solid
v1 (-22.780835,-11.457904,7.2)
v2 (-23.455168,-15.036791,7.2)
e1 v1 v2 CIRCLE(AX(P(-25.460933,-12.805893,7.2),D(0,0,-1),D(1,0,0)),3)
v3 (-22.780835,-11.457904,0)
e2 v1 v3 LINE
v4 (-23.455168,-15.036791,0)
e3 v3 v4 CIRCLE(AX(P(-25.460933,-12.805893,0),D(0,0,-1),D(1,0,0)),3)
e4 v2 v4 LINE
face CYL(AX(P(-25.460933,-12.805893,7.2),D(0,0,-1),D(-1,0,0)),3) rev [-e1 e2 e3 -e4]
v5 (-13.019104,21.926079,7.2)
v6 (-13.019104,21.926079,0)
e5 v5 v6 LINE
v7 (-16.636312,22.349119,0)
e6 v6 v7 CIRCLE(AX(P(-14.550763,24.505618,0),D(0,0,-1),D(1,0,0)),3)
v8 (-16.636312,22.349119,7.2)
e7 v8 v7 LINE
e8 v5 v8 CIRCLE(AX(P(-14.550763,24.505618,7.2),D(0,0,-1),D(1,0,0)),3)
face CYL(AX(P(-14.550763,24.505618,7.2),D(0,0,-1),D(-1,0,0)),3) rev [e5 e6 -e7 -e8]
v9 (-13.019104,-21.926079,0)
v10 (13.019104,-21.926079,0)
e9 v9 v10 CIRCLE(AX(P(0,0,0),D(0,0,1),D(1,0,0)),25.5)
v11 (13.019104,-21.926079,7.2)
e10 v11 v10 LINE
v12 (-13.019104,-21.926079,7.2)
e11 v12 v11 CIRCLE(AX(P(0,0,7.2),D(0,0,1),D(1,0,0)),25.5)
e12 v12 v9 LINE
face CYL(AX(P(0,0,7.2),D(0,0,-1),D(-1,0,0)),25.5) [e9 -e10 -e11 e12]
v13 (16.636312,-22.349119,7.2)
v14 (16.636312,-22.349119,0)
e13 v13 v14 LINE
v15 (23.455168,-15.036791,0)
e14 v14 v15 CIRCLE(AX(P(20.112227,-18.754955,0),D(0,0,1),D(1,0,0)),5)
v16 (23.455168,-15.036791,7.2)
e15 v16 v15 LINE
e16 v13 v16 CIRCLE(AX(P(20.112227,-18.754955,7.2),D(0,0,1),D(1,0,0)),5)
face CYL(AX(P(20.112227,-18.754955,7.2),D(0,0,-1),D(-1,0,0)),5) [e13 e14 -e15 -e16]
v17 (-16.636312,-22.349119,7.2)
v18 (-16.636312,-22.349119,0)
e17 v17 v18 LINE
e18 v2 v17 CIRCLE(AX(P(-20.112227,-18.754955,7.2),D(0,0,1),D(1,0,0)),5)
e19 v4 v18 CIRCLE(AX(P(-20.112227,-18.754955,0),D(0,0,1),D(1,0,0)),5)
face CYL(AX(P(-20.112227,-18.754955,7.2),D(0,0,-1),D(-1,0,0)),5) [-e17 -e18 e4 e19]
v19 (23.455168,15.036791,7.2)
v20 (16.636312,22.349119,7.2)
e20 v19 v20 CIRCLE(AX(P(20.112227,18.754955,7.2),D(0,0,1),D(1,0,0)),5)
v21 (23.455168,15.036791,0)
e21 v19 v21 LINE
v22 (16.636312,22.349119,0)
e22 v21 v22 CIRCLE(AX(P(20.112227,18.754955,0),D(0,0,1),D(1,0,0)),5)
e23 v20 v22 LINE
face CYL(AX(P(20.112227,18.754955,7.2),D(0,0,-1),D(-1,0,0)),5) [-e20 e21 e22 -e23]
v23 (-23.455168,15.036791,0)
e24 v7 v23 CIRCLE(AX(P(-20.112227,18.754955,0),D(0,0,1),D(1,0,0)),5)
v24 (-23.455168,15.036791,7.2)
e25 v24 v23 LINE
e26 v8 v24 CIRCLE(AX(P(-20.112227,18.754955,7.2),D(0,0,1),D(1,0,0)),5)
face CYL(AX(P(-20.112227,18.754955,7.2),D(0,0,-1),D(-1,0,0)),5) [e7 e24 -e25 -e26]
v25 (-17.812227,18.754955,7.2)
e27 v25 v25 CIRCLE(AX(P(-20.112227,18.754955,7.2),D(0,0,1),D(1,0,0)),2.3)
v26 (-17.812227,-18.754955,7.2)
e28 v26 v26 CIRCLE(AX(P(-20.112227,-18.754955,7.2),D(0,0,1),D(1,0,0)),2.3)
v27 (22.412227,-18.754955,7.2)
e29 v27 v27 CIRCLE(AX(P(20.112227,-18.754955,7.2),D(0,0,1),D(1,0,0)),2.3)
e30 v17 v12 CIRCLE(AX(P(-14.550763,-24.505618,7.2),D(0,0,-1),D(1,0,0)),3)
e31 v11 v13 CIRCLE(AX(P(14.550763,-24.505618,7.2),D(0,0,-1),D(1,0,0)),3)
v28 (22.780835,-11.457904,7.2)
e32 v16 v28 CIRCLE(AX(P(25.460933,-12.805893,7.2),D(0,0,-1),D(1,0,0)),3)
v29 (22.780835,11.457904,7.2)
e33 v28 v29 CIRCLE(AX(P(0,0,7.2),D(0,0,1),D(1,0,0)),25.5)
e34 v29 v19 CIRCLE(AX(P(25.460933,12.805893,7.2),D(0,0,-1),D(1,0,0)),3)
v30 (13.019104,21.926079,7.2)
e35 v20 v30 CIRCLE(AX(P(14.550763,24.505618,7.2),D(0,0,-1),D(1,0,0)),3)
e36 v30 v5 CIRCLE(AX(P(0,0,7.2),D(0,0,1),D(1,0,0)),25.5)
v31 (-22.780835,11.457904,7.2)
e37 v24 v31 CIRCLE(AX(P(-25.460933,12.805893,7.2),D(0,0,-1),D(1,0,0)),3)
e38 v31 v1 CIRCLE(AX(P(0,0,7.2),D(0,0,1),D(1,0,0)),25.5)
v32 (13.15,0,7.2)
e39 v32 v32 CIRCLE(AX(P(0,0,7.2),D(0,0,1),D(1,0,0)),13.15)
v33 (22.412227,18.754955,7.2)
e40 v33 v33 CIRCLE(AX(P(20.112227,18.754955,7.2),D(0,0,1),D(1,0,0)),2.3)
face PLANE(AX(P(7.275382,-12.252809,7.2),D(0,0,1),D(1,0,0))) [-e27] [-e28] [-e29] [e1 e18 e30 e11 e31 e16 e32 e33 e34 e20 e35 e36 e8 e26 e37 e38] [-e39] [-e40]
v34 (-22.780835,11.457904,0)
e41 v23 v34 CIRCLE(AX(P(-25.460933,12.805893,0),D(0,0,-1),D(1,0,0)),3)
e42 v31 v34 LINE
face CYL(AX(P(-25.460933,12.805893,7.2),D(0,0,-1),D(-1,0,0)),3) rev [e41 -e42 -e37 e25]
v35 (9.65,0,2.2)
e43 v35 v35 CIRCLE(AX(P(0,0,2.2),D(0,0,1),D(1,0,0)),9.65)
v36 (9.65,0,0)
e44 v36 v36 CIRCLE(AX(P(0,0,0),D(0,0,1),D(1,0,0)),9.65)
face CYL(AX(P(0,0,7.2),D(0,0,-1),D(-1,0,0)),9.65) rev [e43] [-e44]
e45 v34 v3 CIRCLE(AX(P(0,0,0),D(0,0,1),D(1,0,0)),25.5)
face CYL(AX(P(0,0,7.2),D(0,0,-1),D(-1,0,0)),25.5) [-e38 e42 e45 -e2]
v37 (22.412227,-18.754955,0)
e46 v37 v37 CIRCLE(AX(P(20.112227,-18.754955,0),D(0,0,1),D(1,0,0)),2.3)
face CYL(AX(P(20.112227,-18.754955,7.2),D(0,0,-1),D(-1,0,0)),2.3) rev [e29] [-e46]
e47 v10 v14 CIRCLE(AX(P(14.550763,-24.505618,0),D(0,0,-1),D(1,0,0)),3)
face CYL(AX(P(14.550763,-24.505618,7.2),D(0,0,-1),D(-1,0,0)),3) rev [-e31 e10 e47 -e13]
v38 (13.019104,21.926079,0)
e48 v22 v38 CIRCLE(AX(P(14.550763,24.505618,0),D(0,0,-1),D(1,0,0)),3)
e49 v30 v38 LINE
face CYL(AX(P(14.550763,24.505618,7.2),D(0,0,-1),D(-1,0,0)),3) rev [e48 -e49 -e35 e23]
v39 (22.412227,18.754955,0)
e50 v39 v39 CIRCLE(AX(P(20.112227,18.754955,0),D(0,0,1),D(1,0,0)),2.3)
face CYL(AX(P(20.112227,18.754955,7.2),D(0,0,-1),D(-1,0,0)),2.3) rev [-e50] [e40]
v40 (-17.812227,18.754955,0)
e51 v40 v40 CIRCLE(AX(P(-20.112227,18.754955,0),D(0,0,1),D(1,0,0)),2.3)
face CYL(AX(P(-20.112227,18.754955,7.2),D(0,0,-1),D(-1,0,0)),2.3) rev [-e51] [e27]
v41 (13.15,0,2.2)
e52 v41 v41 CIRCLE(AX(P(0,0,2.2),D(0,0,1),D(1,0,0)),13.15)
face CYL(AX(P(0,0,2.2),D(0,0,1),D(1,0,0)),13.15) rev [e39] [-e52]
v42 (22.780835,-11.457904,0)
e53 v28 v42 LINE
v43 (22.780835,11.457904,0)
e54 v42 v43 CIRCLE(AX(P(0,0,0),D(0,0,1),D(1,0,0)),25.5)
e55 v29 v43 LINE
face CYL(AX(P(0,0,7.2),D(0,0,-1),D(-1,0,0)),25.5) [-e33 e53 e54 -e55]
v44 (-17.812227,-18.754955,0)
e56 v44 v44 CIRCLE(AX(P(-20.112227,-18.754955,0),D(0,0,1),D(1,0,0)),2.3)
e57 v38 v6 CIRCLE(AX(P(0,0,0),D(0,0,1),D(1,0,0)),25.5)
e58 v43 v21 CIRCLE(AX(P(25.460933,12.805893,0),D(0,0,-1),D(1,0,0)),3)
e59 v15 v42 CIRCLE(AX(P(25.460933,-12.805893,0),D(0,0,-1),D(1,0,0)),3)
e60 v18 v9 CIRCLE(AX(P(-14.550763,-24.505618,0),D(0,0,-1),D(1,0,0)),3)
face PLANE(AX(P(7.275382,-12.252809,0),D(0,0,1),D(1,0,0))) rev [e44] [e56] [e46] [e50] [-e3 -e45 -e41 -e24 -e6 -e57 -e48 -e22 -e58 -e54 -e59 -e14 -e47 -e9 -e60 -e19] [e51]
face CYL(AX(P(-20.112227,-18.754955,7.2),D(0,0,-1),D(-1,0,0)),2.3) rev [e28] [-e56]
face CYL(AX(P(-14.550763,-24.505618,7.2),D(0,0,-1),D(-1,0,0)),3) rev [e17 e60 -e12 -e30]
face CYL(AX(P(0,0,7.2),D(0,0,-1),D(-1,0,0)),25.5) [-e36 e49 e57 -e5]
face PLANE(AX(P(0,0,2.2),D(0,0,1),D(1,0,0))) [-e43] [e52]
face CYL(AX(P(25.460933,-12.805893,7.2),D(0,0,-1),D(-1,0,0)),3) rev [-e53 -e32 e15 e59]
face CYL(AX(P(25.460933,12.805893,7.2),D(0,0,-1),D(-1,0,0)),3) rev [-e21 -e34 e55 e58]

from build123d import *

# Parameters (mm, degrees)
SKETCH_1_R          = 9.65
SKETCH_1_R_2        = 2.3
EXTRUDE_1_DEPTH     = 7.2
SKETCH_3_R          = 13.15
CUT_EXTRUDE_2_DEPTH = 5


with BuildPart() as part:
    # Эскиз1 → Бобышка-Вытянуть1 (new body)
    with BuildSketch(Plane.XY):
        with BuildLine():
            ThreePointArc((16.636311976, -22.349119084), (23.768995303, -22.164946702), (23.455168213, -15.036791017))
            ThreePointArc((23.455168213, -15.036791017), (22.512808868, -13.361377812), (22.780834847, -11.457903983))
            ThreePointArc((22.780834847, -11.457903983), (25.5, 0), (22.780834847, 11.457903983))
            ThreePointArc((22.780834847, 11.457903983), (22.512808868, 13.361377812), (23.455168213, 15.036791017))
            ThreePointArc((23.455168213, 15.036791017), (23.768995303, 22.164946702), (16.636311976, 22.349119084))
            ThreePointArc((16.636311976, 22.349119084), (14.899244328, 21.525926197), (13.019103812, 21.9260789))
            ThreePointArc((13.019103812, 21.9260789), (0, 25.5), (-13.019103812, 21.9260789))
            ThreePointArc((-13.019103812, 21.9260789), (-14.899244328, 21.525926197), (-16.636311976, 22.349119084))
            ThreePointArc((-16.636311976, 22.349119084), (-23.768995303, 22.164946702), (-23.455168213, 15.036791017))
            ThreePointArc((-23.455168213, 15.036791017), (-22.512808868, 13.361377812), (-22.780834847, 11.457903983))
            ThreePointArc((-22.780834847, 11.457903983), (-25.5, 0), (-22.780834847, -11.457903983))
            ThreePointArc((-22.780834847, -11.457903983), (-22.512808868, -13.361377812), (-23.455168213, -15.036791017))
            ThreePointArc((-23.455168213, -15.036791017), (-23.768995303, -22.164946702), (-16.636311976, -22.349119084))
            ThreePointArc((-16.636311976, -22.349119084), (-14.899244328, -21.525926197), (-13.019103812, -21.9260789))
            ThreePointArc((-13.019103812, -21.9260789), (0, -25.5), (13.019103812, -21.9260789))
            ThreePointArc((13.019103812, -21.9260789), (14.899244328, -21.525926197), (16.636311976, -22.349119084))
        make_face()
        Circle(SKETCH_1_R, mode=Mode.SUBTRACT)
        with Locations((-20.112226795, -18.754954902)):
            Circle(SKETCH_1_R_2, mode=Mode.SUBTRACT)
        with Locations((20.112226795, -18.754954902)):
            Circle(SKETCH_1_R_2, mode=Mode.SUBTRACT)
        with Locations((20.112226795, 18.754954902)):
            Circle(SKETCH_1_R_2, mode=Mode.SUBTRACT)
        with Locations((-20.112226795, 18.754954902)):
            Circle(SKETCH_1_R_2, mode=Mode.SUBTRACT)
    extrude(amount=EXTRUDE_1_DEPTH)

    # Эскиз3 → Вырез-Вытянуть2 (cut)
    with BuildSketch(Plane.XY.offset(7.2)):
        Circle(SKETCH_3_R)
    extrude(amount=-CUT_EXTRUDE_2_DEPTH, mode=Mode.SUBTRACT)


solid = part.part
